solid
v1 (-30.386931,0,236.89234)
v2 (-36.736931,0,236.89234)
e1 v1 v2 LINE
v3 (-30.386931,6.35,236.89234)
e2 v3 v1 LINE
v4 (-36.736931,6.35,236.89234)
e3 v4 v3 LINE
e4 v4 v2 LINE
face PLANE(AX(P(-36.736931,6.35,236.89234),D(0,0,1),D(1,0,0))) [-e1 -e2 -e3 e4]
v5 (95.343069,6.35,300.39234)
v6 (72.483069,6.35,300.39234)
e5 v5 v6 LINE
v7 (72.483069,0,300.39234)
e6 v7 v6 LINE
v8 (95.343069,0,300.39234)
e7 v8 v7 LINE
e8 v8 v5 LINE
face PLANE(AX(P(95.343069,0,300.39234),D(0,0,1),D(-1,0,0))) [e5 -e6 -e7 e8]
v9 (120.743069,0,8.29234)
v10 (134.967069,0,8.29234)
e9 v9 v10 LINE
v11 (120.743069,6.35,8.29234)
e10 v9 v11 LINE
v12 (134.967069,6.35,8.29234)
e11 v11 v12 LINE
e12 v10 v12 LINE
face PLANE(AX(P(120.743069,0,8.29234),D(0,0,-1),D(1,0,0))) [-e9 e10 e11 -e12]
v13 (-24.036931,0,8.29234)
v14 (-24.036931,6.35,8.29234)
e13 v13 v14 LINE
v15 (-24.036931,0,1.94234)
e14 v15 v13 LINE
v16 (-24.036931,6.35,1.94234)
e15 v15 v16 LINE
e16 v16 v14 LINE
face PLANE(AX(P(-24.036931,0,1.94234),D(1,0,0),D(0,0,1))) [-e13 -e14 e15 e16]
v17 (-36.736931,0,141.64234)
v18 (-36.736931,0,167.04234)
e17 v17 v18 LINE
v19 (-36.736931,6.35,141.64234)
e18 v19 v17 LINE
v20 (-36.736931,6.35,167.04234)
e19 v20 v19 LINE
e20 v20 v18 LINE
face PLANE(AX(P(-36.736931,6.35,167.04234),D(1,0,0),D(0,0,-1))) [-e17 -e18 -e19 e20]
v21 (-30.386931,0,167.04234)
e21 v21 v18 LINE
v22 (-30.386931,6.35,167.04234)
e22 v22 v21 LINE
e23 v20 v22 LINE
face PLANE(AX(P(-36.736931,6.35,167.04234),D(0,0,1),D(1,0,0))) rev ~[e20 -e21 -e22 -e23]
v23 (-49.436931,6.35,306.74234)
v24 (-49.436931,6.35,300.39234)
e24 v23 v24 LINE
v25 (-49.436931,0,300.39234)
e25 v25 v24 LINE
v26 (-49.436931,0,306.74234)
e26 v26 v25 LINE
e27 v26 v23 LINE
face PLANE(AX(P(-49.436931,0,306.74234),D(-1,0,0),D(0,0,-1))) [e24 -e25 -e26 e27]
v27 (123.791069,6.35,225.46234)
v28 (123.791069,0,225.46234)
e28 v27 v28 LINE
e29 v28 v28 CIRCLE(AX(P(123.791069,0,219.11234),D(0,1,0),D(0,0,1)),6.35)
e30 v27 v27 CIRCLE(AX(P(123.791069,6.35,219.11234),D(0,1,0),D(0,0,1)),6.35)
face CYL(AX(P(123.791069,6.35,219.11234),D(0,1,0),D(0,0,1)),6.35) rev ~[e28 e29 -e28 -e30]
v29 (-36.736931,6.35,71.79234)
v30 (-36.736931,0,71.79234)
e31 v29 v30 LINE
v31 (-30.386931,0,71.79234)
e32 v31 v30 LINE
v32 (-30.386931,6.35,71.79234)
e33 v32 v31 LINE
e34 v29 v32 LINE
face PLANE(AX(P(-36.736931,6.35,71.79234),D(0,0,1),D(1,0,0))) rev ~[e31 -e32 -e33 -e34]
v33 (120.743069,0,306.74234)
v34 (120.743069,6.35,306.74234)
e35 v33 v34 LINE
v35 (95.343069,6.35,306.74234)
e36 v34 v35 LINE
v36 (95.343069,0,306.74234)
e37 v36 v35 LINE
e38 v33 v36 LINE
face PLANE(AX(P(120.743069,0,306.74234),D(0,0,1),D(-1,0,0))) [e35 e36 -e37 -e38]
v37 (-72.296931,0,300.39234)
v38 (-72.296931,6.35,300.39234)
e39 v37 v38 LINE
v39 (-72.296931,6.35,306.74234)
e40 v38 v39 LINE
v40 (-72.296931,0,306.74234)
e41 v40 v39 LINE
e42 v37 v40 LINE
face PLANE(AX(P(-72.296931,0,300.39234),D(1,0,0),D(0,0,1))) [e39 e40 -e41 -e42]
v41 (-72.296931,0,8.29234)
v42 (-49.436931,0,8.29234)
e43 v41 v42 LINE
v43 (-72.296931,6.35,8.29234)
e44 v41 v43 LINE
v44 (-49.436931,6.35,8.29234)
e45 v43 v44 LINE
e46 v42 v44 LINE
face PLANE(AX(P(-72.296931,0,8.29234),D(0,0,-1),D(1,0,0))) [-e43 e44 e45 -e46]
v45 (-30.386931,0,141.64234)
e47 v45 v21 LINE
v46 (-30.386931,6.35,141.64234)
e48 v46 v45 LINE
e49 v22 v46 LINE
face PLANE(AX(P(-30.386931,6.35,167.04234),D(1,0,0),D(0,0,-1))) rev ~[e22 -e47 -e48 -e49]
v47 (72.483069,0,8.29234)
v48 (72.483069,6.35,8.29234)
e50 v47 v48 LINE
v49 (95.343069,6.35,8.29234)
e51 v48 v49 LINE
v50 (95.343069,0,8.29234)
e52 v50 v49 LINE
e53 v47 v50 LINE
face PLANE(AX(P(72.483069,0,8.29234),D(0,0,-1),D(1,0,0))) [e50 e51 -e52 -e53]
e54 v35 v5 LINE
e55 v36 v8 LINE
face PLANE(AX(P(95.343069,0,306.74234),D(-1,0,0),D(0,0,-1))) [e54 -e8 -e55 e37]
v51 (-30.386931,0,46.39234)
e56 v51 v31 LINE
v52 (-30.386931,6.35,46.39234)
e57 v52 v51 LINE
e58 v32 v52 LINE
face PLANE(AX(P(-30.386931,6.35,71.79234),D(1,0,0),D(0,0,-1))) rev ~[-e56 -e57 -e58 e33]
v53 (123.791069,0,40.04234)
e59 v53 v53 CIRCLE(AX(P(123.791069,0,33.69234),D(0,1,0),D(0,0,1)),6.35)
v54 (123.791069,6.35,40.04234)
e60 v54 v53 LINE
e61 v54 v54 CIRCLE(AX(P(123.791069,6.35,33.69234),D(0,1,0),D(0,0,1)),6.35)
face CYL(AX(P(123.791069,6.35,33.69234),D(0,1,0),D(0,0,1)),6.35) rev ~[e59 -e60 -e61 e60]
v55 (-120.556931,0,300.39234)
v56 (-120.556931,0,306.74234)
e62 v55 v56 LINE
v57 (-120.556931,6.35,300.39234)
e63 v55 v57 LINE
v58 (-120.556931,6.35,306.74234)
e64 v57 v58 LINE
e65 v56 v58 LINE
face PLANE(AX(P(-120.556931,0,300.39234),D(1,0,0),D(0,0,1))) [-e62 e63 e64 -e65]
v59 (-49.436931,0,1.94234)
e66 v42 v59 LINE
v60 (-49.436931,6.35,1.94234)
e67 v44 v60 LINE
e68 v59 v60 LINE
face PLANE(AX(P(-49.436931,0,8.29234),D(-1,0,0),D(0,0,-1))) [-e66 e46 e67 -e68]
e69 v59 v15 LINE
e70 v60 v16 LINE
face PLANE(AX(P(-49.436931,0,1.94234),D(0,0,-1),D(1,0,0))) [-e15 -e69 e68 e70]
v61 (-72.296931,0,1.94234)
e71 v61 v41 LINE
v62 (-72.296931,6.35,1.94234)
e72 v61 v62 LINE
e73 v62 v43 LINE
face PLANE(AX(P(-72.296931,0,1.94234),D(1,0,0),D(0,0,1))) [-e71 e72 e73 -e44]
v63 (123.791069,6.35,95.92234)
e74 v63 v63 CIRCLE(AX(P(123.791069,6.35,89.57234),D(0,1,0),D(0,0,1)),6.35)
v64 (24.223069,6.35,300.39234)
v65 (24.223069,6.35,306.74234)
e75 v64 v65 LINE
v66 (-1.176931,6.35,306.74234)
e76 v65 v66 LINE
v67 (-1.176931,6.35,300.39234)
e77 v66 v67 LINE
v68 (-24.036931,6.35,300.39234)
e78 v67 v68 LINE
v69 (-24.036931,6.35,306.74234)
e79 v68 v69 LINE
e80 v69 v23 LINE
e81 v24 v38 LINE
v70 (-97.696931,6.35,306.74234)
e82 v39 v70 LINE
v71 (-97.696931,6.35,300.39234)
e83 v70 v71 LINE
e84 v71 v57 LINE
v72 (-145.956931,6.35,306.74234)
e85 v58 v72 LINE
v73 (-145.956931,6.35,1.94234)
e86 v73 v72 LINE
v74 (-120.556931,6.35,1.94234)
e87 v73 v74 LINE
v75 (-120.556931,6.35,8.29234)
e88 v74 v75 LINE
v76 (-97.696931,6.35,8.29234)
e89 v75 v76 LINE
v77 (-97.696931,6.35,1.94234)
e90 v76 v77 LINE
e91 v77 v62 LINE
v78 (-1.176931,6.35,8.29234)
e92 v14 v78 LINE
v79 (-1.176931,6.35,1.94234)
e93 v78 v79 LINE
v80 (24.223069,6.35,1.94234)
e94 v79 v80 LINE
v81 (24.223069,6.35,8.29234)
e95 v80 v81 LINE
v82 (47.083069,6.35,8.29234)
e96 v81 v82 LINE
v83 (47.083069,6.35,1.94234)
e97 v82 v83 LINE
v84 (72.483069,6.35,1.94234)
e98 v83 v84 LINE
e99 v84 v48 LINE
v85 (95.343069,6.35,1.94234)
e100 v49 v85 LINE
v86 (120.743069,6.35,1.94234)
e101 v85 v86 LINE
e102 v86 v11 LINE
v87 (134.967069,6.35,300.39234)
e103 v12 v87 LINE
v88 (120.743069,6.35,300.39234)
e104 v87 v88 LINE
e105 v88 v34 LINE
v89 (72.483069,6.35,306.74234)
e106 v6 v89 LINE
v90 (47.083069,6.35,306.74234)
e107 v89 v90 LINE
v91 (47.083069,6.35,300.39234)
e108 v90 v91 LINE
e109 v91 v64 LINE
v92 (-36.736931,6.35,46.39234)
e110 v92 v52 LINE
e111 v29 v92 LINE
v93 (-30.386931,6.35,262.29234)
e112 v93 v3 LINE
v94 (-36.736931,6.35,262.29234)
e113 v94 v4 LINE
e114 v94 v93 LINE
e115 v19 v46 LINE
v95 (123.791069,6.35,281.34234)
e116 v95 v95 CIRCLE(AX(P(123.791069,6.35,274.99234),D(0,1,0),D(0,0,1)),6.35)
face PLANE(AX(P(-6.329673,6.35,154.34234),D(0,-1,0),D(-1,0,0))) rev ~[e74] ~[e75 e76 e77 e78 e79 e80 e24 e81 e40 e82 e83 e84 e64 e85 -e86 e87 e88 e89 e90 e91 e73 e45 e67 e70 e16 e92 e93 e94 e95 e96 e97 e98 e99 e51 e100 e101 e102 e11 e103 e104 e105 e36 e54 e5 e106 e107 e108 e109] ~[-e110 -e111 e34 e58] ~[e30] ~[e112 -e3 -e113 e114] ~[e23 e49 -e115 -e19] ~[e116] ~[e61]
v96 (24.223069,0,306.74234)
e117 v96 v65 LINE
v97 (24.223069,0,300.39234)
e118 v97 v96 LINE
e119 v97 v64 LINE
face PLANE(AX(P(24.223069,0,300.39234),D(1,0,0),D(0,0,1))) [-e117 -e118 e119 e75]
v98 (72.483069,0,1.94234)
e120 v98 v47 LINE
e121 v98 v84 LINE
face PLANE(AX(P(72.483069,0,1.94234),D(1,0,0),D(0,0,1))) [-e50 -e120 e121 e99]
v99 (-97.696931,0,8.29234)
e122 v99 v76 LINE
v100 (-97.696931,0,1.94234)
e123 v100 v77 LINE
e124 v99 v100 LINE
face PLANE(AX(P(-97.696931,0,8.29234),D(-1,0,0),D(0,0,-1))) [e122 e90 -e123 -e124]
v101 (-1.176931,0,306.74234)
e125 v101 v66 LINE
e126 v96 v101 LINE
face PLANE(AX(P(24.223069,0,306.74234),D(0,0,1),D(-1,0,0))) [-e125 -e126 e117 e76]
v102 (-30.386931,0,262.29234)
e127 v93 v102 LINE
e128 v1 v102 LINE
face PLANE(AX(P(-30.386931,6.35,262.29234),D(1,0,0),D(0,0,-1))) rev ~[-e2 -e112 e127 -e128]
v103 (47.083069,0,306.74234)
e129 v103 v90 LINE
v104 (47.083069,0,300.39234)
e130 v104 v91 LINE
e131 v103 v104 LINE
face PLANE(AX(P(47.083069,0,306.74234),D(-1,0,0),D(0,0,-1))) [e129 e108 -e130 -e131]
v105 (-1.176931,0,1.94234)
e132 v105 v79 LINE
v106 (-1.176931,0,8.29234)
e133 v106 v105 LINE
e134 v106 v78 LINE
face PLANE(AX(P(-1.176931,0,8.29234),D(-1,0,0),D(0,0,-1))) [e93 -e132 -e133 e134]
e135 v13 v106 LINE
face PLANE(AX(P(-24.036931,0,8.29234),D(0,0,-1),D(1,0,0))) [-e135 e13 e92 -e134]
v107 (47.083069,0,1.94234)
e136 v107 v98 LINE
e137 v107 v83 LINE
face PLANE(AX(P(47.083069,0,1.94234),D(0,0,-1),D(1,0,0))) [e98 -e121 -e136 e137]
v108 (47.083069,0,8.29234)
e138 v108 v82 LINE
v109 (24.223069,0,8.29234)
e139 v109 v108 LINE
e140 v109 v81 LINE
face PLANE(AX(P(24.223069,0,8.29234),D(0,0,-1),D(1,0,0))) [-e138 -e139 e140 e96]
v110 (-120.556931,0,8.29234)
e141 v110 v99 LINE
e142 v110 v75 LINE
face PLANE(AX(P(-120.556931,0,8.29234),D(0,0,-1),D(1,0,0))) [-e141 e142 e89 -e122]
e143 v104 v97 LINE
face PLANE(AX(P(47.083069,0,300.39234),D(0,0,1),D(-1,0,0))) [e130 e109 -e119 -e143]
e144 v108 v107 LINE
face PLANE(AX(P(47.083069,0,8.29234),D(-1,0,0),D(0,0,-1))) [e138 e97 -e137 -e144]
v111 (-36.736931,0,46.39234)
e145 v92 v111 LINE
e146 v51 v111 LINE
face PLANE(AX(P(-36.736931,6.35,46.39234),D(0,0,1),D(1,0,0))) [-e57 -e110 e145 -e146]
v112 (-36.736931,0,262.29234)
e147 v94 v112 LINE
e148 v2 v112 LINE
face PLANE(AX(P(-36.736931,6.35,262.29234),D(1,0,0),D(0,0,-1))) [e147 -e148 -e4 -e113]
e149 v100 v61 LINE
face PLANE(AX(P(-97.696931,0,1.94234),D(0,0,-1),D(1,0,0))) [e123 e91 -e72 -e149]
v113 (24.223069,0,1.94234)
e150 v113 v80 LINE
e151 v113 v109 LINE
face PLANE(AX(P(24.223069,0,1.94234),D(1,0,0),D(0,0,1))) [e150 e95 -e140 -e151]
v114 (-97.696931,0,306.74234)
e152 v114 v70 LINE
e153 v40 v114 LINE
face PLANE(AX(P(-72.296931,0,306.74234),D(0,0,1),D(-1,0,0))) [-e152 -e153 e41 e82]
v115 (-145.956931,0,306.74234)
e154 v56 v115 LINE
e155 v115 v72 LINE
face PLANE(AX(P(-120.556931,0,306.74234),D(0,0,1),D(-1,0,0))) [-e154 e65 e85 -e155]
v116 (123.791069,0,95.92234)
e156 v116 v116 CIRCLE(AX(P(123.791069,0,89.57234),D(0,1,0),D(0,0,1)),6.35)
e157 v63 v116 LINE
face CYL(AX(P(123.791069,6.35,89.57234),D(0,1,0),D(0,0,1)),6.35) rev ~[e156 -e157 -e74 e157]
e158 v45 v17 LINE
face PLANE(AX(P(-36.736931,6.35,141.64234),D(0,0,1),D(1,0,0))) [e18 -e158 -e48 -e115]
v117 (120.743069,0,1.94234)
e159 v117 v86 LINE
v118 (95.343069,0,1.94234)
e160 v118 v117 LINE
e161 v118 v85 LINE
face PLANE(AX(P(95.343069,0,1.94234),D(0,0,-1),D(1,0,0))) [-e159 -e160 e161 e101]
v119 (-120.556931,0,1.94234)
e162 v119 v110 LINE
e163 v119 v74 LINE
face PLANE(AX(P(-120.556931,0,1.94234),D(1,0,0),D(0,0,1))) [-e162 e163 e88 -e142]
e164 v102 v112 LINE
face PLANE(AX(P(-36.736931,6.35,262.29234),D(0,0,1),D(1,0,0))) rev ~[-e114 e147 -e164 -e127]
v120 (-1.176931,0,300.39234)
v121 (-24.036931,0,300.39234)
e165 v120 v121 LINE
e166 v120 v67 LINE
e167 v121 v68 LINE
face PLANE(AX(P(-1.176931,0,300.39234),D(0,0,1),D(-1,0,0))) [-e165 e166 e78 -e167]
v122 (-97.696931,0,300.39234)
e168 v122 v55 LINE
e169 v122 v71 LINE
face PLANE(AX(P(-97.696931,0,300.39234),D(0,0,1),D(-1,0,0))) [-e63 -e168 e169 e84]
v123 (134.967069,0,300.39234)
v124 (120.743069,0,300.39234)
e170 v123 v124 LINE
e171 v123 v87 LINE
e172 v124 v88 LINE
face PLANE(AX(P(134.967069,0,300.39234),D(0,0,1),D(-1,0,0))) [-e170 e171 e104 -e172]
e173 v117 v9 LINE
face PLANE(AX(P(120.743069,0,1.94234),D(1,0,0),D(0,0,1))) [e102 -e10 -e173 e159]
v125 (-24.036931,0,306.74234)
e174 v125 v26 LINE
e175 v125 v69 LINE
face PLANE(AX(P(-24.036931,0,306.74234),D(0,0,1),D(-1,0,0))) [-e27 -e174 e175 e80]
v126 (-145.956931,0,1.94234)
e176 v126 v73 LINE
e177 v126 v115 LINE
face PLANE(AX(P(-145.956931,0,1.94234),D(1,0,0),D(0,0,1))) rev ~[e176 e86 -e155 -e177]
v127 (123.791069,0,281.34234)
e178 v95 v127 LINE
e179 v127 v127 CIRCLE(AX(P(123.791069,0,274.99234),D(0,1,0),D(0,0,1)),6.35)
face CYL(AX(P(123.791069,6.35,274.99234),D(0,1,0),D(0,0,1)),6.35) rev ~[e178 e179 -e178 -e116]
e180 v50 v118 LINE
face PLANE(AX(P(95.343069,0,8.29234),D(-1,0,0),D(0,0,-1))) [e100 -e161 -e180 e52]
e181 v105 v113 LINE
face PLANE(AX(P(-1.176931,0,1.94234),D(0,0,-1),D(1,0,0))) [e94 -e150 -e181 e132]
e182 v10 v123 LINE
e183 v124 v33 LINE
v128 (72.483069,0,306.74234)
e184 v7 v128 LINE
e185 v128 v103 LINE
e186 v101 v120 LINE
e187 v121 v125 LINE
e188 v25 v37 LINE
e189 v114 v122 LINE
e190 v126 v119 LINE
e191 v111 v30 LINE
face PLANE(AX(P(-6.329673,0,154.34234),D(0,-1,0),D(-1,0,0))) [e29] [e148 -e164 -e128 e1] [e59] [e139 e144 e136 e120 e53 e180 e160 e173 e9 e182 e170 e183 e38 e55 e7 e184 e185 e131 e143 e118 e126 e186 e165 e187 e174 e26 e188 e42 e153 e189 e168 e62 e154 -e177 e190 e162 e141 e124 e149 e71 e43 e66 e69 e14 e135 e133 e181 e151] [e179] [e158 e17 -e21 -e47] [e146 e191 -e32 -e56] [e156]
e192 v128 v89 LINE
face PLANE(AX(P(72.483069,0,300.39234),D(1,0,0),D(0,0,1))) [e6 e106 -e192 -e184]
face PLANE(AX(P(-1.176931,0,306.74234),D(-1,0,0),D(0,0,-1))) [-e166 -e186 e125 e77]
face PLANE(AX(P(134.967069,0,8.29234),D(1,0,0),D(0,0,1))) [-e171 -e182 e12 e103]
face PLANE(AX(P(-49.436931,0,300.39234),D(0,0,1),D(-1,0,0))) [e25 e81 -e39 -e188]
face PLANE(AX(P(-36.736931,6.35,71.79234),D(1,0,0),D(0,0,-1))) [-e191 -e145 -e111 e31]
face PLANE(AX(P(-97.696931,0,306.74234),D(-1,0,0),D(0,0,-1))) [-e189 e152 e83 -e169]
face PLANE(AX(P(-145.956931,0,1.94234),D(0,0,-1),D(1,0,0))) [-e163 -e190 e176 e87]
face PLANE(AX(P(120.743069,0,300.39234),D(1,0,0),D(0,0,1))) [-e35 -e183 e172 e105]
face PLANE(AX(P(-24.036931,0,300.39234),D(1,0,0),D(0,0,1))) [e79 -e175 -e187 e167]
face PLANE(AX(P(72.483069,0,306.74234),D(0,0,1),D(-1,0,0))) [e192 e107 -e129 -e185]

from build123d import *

# Parameters (mm, degrees)
BOSS_EXTRUDE1_DEPTH = 6.35
SKETCH2_R           = 6.35
SKETCH2_W           = 6.35
SKETCH2_H           = 25.4
CUT_EXTRUDE1_DEPTH  = 340.756694235


with BuildPart() as part:
    # Sketch1 → Boss-Extrude1 (new body)
    with BuildSketch(Plane(origin=(0, 0, 0), x_dir=(1, 0, 0), z_dir=(0, 1, 0))):
        Polygon((-97.696931278, -1.942339741), (-72.296931278, -1.942339741), (-72.296931278, -8.292339741), (-49.436931278, -8.292339741), (-49.436931278, -1.942339741), (-24.036931278, -1.942339741), (-24.036931278, -8.292339741), (-1.176931278, -8.292339741), (-1.176931278, -1.942339741), (24.223068722, -1.942339741), (24.223068722, -8.292339741), (47.083068722, -8.292339741), (47.083068722, -1.942339741), (72.483068722, -1.942339741), (72.483068722, -8.292339741), (95.343068722, -8.292339741), (95.343068722, -1.942339741), (120.743068722, -1.942339741), (120.743068722, -8.292339741), (134.967068722, -8.292339741), (134.967068722, -300.392339741), (120.743068722, -300.392339741), (120.743068722, -306.742339741), (95.343068722, -306.742339741), (95.343068722, -300.392339741), (72.483068722, -300.392339741), (72.483068722, -306.742339741), (47.083068722, -306.742339741), (47.083068722, -300.392339741), (24.223068722, -300.392339741), (24.223068722, -306.742339741), (-1.176931278, -306.742339741), (-1.176931278, -300.392339741), (-24.036931278, -300.392339741), (-24.036931278, -306.742339741), (-49.436931278, -306.742339741), (-49.436931278, -300.392339741), (-72.296931278, -300.392339741), (-72.296931278, -306.742339741), (-97.696931278, -306.742339741), (-97.696931278, -300.392339741), (-120.556931278, -300.392339741), (-120.556931278, -306.742339741), (-145.956931278, -306.742339741), (-145.956931278, -300.392339741), (-145.956931278, -8.292339741), (-145.956931278, -1.942339741), (-120.556931278, -1.942339741), (-120.556931278, -8.292339741), (-97.696931278, -8.292339741), align=None)
    extrude(amount=BOSS_EXTRUDE1_DEPTH)

    # Sketch2 → Cut-Extrude1 (cut, through all)
    with BuildSketch(Plane(origin=(0, 6.35, 0), x_dir=(1, 0, 0), z_dir=(0, 1, 0))):
        with Locations(Location((123.791068722, -274.992339741, 0), (0, 0, 270))):
            Circle(SKETCH2_R)
        with Locations(Location((123.791068722, -33.692339741, 0), (0, 0, 270))):
            Circle(SKETCH2_R)
        with Locations(Location((123.791068722, -89.572339741, 0), (0, 0, 270))):
            Circle(SKETCH2_R)
        with Locations(Location((123.791068722, -219.112339741, 0), (0, 0, 270))):
            Circle(SKETCH2_R)
        with Locations((-33.561931278, -59.092339741)):
            Rectangle(SKETCH2_W, SKETCH2_H)
        with Locations((-33.561931278, -249.592339741)):
            Rectangle(SKETCH2_W, SKETCH2_H)
        with Locations((-33.561931278, -154.342339741)):
            Rectangle(SKETCH2_W, SKETCH2_H)
    extrude(amount=-CUT_EXTRUDE1_DEPTH, mode=Mode.SUBTRACT)


solid = part.part
